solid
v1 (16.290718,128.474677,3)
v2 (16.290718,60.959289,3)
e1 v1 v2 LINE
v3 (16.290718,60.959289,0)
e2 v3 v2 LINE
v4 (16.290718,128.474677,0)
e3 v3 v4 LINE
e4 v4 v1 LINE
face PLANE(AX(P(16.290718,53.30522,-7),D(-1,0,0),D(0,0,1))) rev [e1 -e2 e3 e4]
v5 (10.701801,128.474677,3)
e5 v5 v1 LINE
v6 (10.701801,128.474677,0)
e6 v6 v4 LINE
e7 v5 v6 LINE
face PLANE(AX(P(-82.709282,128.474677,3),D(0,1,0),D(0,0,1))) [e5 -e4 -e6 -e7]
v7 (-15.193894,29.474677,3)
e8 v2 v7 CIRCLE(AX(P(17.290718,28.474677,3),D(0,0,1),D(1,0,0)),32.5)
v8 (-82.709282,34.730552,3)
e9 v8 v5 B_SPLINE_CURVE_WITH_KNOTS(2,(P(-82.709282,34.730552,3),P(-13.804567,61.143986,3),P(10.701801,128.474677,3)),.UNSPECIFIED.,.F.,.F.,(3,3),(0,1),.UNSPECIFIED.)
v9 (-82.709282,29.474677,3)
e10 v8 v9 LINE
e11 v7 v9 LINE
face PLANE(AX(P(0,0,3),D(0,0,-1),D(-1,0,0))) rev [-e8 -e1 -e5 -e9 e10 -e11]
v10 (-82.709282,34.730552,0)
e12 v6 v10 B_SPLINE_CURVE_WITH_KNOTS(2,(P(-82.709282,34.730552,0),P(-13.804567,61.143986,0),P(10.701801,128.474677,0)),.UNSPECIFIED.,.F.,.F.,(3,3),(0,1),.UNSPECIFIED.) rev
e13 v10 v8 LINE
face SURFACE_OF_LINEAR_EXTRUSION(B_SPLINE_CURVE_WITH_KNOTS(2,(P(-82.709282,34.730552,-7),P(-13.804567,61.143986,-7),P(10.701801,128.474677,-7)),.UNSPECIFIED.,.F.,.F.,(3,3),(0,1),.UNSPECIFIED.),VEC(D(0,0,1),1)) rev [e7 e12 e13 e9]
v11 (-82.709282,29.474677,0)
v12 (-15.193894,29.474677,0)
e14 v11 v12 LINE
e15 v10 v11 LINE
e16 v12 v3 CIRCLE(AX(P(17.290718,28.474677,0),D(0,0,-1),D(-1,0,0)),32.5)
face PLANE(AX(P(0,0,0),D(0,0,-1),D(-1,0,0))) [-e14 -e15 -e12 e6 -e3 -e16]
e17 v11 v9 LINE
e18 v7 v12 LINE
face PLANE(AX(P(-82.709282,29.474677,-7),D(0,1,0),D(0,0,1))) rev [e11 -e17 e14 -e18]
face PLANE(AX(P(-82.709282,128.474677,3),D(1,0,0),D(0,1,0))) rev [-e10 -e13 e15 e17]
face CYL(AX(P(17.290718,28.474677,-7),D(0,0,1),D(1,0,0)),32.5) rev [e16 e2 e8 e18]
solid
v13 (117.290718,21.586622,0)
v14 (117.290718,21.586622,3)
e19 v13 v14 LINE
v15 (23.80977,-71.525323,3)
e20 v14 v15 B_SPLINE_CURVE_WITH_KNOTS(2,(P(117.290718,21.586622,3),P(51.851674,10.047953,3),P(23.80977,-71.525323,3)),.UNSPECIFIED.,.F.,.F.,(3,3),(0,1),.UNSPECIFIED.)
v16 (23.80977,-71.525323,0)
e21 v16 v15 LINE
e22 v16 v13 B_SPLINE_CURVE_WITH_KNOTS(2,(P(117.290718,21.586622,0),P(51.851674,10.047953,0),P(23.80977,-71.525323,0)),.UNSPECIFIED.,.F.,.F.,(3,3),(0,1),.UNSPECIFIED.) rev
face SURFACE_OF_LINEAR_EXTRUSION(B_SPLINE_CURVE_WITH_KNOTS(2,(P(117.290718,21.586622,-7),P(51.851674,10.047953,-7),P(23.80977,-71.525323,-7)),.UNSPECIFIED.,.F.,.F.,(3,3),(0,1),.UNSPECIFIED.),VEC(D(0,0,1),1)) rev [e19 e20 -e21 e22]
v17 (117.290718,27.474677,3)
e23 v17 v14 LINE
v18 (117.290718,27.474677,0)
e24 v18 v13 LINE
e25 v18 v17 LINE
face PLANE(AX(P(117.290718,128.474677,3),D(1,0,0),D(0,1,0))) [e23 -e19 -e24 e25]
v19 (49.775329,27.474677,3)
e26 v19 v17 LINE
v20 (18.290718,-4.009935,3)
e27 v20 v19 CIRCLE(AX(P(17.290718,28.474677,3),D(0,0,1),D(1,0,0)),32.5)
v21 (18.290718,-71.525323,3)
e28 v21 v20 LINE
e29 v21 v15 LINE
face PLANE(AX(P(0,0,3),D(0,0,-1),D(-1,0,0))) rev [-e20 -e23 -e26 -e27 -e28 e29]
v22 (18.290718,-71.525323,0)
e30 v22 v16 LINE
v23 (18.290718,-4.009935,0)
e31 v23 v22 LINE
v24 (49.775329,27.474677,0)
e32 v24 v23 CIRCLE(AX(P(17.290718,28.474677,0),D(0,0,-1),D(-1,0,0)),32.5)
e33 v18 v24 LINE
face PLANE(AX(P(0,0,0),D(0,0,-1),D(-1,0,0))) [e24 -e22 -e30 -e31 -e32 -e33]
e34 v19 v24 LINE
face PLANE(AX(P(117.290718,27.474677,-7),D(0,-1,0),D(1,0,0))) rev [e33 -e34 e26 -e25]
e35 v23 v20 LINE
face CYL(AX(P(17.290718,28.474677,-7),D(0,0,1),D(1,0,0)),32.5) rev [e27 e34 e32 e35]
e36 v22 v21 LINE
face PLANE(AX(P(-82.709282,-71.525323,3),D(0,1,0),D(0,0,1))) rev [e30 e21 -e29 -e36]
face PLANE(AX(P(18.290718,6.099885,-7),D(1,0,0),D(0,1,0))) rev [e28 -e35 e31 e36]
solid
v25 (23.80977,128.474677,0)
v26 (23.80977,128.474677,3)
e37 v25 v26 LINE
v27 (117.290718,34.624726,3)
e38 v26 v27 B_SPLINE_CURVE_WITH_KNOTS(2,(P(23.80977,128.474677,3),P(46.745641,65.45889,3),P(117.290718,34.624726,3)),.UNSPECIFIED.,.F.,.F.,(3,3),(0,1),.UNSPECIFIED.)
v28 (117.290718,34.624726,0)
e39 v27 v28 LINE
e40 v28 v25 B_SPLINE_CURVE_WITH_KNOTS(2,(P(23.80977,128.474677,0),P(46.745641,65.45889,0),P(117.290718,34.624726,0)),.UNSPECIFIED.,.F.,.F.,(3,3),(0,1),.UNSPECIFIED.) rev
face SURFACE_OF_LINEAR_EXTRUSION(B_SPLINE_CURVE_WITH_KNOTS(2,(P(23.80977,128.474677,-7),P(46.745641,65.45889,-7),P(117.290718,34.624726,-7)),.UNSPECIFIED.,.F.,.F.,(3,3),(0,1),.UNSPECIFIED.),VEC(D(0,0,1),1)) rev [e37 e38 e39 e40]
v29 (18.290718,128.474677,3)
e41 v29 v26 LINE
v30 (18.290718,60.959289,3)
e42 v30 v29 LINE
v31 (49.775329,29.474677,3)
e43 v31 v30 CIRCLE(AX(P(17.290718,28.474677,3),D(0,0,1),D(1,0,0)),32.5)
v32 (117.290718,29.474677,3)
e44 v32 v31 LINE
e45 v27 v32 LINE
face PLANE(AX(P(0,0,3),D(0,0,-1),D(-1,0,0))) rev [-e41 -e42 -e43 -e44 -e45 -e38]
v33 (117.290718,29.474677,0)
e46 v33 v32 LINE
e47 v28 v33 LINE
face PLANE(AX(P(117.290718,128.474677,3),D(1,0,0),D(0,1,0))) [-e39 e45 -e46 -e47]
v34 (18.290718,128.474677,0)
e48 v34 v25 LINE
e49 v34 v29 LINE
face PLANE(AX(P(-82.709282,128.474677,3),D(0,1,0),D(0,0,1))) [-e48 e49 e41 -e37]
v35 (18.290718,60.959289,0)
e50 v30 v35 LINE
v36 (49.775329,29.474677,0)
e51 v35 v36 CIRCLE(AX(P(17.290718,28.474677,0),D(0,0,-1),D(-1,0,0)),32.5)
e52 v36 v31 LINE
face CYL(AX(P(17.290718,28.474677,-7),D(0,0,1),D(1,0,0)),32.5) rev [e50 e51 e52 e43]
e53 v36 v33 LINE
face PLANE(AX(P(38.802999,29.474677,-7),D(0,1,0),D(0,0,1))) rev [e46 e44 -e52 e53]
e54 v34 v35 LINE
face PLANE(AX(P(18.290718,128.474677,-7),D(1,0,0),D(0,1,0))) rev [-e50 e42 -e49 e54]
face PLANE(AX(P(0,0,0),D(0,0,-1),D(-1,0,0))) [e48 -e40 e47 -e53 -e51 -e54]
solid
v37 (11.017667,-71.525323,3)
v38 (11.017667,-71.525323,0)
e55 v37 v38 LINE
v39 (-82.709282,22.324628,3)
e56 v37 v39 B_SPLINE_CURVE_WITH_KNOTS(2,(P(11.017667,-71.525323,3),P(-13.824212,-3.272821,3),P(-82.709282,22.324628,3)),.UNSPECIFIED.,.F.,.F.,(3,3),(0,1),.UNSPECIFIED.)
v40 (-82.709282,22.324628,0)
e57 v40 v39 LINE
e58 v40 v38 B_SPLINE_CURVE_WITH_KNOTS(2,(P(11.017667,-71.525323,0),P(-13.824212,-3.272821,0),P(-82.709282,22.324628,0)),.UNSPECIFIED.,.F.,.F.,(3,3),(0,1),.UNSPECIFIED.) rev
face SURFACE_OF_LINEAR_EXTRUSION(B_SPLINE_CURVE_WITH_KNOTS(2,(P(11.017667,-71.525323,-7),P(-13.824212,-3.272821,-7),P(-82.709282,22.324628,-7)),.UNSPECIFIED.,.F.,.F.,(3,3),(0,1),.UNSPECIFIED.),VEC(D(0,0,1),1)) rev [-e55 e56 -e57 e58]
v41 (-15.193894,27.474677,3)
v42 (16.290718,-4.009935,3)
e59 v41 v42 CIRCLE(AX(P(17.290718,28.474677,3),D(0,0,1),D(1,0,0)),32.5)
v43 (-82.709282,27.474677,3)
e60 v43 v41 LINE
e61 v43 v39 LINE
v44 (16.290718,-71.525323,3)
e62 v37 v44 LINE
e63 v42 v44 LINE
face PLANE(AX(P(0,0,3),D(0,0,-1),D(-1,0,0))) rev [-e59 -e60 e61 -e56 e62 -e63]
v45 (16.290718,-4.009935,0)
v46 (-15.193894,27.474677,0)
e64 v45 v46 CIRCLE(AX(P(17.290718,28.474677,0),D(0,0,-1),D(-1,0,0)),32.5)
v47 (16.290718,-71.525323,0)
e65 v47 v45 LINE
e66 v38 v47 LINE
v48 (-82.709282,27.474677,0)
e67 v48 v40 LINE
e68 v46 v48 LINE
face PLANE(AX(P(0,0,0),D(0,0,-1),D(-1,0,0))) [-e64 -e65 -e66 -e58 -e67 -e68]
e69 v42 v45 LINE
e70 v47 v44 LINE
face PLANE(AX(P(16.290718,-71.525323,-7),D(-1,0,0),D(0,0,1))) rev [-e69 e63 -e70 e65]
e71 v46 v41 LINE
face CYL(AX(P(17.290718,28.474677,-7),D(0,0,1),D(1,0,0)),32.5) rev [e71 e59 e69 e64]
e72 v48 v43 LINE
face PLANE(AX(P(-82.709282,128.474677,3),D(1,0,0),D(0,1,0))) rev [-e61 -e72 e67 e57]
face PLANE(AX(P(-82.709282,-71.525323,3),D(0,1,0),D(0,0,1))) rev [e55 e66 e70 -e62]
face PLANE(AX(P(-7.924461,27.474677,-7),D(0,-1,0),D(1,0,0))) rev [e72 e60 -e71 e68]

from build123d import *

# Parameters (mm, degrees)
ESBO_O2_W                = 200
ESBO_O2_H                = 200
RESSALTO_EXTRUS_O1_DEPTH = 3
ESBO_O3_R                = 32.5
CORTE_EXTRUS_O1_DEPTH    = 10
ESBO_O4_W                = 2
ESBO_O4_H                = 77.62520767
CORTE_EXTRUS_O2_DEPTH    = 10
CORTE_EXTRUS_O3_DEPTH    = 10
CORTE_EXTRUS_O4_DEPTH    = 10
CORTE_EXTRUS_O5_DEPTH    = 10
CORTE_EXTRUS_O6_DEPTH    = 10


with BuildPart() as part:
    # Esboço2 → Ressalto-extrusão1 (new body)
    with BuildSketch(Plane.XY):
        with Locations((17.290717504, 28.474677087)):
            Rectangle(ESBO_O2_W, ESBO_O2_H)
    extrude(amount=RESSALTO_EXTRUS_O1_DEPTH)

    # Esboço3 → Corte-extrusão1 (cut)
    with BuildSketch(Plane.XY.offset(3)):
        with Locations((17.290717504, 28.474677087)):
            Circle(ESBO_O3_R)
    extrude(amount=-CORTE_EXTRUS_O1_DEPTH, mode=Mode.SUBTRACT)

    # Esboço4 → Corte-extrusão2 (cut)
    with BuildSketch(Plane.XY.offset(3)):
        Polygon((17.290717504, 53.3052203), (16.290717504, 53.3052203), (16.290717504, 128.474677087), (18.290717504, 128.474677087), (18.290717504, 53.3052203), align=None)
        Polygon((38.802998825, 29.474677087), (117.290717504, 29.474677087), (117.290717504, 27.474677087), (38.802998825, 27.474677087), (38.802998825, 28.474677087), align=None)
        with Locations((17.290717504, -32.712719078)):
            Rectangle(ESBO_O4_W, ESBO_O4_H)
        Polygon((-7.924461031, 27.474677087), (-82.709282496, 27.474677087), (-82.709282496, 28.474677087), (-82.709282496, 29.474677087), (-7.924461031, 29.474677087), align=None)
    extrude(amount=-CORTE_EXTRUS_O2_DEPTH, mode=Mode.SUBTRACT)


with BuildPart() as corte_extrus_o2_piece_1:
    # of the separate pieces the step leaves, piece 1, a body of its own (corte_extrus_o2_pieces)
    add(part.part.solids().sort_by_distance((-82.709282496, 128.474677087, 0))[0])

    # Esboço6 → Corte-extrusão4 (cut)
    with BuildSketch(Plane.XY.offset(3)):
        with BuildLine():
            Line((-82.709282496, 34.730552493), (-82.709282496, 128.474677087))
            Line((-82.709282496, 128.474677087), (10.701800736, 128.474677087))
            add(Edge.make_bspline(
                [(-82.709282496, 34.730552493), (-13.804566508, 61.143986452), (10.701800736, 128.474677087)],
                knots=[0, 0, 0, 1, 1, 1], degree=2))
        make_face()
    extrude(amount=-CORTE_EXTRUS_O4_DEPTH, mode=Mode.SUBTRACT)


with BuildPart() as corte_extrus_o2_piece_2:
    # of the separate pieces the step leaves, piece 2, a body of its own (corte_extrus_o2_pieces)
    add(part.part.solids().sort_by_distance((18.290717504, 128.474677087, 0))[0])

    # Esboço5 → Corte-extrusão3 (cut)
    with BuildSketch(Plane.XY.offset(3)):
        with BuildLine():
            Line((23.809769713, 128.474677087), (117.290717504, 128.474677087))
            Line((117.290717504, 128.474677087), (117.290717504, 34.624726341))
            add(Edge.make_bspline(
                [(23.809769713, 128.474677087), (46.745640535, 65.458889909), (117.290717504, 34.624726341)],
                knots=[0, 0, 0, 1, 1, 1], degree=2))
        make_face()
    extrude(amount=-CORTE_EXTRUS_O3_DEPTH, mode=Mode.SUBTRACT)


with BuildPart() as corte_extrus_o2_piece_3:
    # of the separate pieces the step leaves, piece 3, a body of its own (corte_extrus_o2_pieces)
    add(part.part.solids().sort_by_distance((49.775329246, 27.474677087, 0))[0])

    # Esboço7 → Corte-extrusão5 (cut)
    with BuildSketch(Plane.XY.offset(3)):
        with BuildLine():
            Line((23.809769713, -71.525322913), (117.290717504, -71.525322913))
            Line((117.290717504, -71.525322913), (117.290717504, 21.586621923))
            add(Edge.make_bspline(
                [(117.290717504, 21.586621923), (51.851674106, 10.04795298), (23.809769713, -71.525322913)],
                knots=[0, 0, 0, 1, 1, 1], degree=2))
        make_face()
    extrude(amount=-CORTE_EXTRUS_O5_DEPTH, mode=Mode.SUBTRACT)


with BuildPart() as corte_extrus_o2_piece_4:
    # of the separate pieces the step leaves, piece 4, a body of its own (corte_extrus_o2_pieces)
    add(part.part.solids().sort_by_distance((-82.709282496, -71.525322913, 0))[0])

    # Esboço8 → Corte-extrusão6 (cut)
    with BuildSketch(Plane.XY.offset(3)):
        with BuildLine():
            Line((-82.709282496, 22.324627834), (-82.709282496, -71.525322913))
            Line((-82.709282496, -71.525322913), (11.017667266, -71.525322913))
            add(Edge.make_bspline(
                [(-82.709282496, 22.324627834), (-13.824211925, -3.272820778), (11.017667266, -71.525322913)],
                knots=[0, 0, 0, 1, 1, 1], degree=2))
        make_face()
    extrude(amount=-CORTE_EXTRUS_O6_DEPTH, mode=Mode.SUBTRACT)


solid = Compound([corte_extrus_o2_piece_1.part, corte_extrus_o2_piece_2.part, corte_extrus_o2_piece_3.part, corte_extrus_o2_piece_4.part])
